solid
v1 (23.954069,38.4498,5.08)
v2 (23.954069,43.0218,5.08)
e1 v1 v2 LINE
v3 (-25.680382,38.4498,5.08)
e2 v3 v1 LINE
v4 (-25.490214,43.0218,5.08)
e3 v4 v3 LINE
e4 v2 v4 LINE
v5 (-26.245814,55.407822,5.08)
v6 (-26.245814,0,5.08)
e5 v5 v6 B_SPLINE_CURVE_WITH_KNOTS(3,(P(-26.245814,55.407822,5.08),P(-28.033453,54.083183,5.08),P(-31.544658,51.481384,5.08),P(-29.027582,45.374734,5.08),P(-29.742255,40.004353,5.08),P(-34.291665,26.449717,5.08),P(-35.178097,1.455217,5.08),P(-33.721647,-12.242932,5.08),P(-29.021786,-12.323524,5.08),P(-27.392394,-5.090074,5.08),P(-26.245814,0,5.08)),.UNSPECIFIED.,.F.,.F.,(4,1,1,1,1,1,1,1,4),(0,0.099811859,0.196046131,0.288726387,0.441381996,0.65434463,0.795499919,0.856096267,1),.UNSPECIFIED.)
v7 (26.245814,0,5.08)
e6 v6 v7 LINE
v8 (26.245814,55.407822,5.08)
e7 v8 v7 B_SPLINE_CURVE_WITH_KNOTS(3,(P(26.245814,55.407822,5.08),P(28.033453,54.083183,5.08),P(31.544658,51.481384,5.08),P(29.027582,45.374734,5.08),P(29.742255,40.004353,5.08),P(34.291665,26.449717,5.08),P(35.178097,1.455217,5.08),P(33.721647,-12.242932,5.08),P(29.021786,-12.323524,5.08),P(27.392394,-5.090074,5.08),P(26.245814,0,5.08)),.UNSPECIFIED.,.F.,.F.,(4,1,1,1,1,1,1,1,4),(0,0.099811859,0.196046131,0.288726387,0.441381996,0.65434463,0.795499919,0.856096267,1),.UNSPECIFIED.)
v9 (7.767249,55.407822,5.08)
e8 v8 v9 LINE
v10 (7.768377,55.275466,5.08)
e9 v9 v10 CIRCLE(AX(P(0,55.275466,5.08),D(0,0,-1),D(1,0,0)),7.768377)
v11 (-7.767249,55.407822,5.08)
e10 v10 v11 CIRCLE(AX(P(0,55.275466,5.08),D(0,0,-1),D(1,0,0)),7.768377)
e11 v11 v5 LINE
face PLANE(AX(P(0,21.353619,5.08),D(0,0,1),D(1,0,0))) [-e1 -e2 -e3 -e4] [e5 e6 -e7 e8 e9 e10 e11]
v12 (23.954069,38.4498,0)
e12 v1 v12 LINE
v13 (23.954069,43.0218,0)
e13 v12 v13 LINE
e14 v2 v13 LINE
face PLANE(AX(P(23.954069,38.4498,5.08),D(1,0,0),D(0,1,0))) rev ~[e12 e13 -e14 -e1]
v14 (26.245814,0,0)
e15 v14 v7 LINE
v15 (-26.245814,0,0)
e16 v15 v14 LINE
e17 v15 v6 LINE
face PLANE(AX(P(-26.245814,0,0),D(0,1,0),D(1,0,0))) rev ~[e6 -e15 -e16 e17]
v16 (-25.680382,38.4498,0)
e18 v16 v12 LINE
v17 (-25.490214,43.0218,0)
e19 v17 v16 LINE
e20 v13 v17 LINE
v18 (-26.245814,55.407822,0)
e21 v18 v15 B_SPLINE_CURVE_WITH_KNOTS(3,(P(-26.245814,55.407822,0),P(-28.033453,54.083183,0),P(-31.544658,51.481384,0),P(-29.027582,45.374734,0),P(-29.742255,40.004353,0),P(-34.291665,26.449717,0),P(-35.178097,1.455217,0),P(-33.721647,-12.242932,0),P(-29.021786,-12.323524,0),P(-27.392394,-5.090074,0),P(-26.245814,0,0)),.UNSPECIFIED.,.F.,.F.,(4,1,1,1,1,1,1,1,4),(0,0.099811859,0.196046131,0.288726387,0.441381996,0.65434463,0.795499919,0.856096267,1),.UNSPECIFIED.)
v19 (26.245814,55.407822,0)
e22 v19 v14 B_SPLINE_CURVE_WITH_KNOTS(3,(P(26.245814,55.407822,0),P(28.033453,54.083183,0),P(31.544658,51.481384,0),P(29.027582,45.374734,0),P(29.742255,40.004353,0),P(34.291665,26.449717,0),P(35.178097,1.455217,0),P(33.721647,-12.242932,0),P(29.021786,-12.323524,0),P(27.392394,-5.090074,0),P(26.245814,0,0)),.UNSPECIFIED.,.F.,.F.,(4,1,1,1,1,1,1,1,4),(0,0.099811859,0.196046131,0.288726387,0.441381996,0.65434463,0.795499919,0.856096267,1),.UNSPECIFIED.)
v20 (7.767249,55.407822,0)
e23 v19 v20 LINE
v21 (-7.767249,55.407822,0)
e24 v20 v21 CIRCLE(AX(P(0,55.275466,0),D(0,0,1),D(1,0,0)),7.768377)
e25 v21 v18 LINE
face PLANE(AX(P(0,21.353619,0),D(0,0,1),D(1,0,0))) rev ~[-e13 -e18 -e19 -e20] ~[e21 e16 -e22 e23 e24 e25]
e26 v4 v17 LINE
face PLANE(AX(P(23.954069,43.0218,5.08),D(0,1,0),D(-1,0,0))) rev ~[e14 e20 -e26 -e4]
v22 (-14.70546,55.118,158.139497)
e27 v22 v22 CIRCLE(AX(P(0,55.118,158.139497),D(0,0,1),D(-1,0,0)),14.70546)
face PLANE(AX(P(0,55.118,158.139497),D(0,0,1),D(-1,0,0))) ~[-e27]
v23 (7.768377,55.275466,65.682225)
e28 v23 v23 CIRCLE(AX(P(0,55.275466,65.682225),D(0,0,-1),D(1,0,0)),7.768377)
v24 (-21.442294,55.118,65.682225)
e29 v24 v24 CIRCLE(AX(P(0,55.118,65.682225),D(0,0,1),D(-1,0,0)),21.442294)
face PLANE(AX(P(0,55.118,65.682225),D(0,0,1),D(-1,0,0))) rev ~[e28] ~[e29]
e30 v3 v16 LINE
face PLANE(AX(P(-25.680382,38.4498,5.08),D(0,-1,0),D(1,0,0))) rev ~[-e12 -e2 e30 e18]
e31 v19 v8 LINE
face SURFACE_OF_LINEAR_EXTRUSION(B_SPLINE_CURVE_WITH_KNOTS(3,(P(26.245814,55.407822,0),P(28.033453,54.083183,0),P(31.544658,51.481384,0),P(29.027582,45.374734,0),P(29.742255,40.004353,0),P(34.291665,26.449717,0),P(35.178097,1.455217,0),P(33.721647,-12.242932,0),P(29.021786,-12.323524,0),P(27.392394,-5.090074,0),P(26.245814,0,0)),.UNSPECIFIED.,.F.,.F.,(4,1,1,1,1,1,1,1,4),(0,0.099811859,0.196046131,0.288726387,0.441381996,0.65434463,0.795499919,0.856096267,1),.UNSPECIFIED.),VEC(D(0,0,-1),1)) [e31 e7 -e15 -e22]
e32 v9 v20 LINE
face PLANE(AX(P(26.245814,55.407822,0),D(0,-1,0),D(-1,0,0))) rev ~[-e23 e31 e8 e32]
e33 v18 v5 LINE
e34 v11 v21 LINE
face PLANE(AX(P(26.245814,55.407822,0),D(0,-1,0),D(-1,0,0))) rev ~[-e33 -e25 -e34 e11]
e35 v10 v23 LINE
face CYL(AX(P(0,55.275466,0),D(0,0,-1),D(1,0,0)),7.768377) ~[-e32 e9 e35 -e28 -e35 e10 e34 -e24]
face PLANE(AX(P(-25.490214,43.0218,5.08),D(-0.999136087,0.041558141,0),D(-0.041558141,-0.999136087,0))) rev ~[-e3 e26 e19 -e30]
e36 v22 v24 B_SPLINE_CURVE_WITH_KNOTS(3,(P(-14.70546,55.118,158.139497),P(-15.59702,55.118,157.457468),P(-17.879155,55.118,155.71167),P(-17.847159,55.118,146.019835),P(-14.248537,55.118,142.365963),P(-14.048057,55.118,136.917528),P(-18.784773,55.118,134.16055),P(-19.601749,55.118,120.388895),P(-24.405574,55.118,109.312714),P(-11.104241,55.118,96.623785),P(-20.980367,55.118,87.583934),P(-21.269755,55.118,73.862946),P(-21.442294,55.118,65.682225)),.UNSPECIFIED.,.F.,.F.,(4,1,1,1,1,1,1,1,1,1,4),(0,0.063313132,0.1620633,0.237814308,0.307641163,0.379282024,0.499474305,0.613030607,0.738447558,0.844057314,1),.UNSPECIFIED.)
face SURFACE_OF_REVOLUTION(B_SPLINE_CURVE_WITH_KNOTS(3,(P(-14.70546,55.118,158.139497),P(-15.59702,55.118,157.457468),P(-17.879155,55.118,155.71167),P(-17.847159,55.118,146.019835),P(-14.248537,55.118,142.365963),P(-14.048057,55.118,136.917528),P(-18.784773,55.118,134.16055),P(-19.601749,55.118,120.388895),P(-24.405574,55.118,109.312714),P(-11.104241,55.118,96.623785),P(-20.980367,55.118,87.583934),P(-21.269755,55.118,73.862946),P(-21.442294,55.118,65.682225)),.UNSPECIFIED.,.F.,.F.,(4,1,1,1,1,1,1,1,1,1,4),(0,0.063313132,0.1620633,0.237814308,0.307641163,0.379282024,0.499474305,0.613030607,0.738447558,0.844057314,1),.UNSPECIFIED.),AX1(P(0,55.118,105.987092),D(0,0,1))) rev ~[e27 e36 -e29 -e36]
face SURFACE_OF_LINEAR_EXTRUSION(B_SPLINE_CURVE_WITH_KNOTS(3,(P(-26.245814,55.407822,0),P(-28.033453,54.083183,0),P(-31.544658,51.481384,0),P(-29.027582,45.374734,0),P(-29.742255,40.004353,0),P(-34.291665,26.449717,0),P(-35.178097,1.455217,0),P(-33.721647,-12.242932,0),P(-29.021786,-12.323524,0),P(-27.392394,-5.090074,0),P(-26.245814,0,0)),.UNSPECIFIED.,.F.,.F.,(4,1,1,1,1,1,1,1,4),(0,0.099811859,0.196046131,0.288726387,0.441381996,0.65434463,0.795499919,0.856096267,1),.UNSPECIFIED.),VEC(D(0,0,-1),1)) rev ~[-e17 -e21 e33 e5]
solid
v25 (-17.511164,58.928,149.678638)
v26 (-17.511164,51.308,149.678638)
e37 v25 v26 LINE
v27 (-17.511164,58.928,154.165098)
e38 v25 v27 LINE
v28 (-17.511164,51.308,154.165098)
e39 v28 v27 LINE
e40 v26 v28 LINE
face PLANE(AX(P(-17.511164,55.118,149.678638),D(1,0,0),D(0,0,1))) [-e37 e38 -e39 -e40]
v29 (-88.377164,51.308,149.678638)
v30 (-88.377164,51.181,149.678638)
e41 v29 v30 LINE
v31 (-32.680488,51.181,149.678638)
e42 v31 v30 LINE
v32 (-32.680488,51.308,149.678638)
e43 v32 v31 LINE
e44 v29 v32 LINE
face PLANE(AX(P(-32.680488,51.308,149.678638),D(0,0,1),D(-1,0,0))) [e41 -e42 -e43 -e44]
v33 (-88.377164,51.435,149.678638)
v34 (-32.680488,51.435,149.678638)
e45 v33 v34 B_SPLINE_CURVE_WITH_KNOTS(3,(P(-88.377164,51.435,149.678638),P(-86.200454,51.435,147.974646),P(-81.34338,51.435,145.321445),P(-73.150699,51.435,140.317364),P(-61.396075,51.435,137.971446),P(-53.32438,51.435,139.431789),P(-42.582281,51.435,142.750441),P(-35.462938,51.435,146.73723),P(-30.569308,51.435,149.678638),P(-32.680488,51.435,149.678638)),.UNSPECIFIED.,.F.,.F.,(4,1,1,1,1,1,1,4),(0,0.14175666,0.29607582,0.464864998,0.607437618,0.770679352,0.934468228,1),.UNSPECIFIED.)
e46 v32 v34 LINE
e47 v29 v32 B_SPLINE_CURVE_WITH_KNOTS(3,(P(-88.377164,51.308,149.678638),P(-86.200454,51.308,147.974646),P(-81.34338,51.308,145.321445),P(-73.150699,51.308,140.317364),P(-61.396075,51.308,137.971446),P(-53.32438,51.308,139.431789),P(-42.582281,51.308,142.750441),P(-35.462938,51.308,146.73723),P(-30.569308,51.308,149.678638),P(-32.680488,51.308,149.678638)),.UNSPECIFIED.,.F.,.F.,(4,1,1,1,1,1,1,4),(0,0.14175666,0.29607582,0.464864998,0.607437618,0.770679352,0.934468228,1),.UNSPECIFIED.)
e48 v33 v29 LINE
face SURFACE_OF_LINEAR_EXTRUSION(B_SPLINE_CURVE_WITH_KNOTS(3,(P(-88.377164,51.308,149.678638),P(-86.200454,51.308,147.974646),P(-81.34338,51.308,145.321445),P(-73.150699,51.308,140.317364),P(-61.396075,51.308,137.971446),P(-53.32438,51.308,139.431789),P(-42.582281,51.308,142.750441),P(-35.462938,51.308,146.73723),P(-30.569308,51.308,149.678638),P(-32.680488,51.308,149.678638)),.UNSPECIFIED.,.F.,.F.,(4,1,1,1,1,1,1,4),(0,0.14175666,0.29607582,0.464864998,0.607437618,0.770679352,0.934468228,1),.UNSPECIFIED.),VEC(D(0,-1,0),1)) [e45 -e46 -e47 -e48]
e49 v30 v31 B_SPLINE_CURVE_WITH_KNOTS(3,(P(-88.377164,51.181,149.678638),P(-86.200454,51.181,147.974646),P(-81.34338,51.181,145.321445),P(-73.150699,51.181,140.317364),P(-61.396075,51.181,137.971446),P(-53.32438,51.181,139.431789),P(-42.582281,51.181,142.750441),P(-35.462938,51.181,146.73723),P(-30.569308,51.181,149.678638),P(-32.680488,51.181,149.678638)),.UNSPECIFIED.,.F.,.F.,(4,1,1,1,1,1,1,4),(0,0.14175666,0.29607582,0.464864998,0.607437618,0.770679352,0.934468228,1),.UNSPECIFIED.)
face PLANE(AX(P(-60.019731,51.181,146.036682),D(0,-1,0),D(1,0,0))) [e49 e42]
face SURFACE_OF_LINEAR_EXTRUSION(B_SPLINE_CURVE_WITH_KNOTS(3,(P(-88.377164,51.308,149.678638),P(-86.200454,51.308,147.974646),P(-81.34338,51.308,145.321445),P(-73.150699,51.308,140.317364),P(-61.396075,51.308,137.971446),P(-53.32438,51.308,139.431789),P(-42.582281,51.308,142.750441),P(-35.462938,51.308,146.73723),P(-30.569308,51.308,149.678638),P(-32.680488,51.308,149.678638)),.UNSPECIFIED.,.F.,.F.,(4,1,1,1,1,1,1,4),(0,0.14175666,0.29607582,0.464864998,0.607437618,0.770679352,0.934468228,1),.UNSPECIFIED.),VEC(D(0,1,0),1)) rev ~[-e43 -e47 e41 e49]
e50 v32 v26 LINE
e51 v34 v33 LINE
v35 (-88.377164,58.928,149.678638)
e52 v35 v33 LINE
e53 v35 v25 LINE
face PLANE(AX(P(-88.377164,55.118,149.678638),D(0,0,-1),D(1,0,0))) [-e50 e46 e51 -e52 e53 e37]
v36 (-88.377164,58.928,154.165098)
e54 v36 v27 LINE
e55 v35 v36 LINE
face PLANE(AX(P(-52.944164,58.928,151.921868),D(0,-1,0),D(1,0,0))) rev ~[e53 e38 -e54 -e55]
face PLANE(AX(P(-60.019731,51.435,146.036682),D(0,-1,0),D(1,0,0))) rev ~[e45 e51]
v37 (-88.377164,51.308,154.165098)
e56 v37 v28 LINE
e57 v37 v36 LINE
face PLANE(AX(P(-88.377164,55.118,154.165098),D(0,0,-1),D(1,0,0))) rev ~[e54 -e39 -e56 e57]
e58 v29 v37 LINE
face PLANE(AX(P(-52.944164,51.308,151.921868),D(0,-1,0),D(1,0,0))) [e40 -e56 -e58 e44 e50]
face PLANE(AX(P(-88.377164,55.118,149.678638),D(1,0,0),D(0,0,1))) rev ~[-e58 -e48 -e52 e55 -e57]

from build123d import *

# Parameters (mm, degrees)
F1_DEPTH  = 5.08
F2_R      = 7.7683770854
F3_DEPTH  = 66.04
F8_DEPTH  = 25.4
F9_W      = 70.866
F9_H      = 4.486459831
F10_DEPTH = 3.81
F12_DEPTH = 0.127


with BuildPart() as f1:
    # F0 (on Top) → F1 (new body)
    with BuildSketch(Plane.XY):
        with BuildLine():
            Line((26.2458138168, 55.4078221321), (0, 55.4078221321))
            Line((0, 55.4078221321), (-26.2458138168, 55.4078221321))
            add(Edge.make_bspline(
                [(-26.2458138168, 55.4078221321), (-28.0334534869, 54.0831828105), (-31.5446579135, 51.4813836185), (-29.0275823385, 45.3747338107), (-29.7422552719, 40.0043525238), (-34.2916647193, 26.4497168855), (-35.1780970644, 1.4552174929), (-33.7216466047, -12.2429321068), (-29.0217860775, -12.323524176), (-27.3923936055, -5.0900738262), (-26.2458138168, 0)],
                knots=[0, 0, 0, 0, 0.0998118591, 0.1960461314, 0.2887263868, 0.4413819961, 0.6543446304, 0.7954999194, 0.856096267, 1, 1, 1, 1], degree=3))
            Line((-26.2458138168, 0), (0, 0))
            Line((0, 0), (26.2458138168, 0))
            add(Edge.make_bspline(
                [(26.2458138168, 55.4078221321), (28.0334534869, 54.0831828105), (31.5446579135, 51.4813836185), (29.0275823385, 45.3747338107), (29.7422552719, 40.0043525238), (34.2916647193, 26.4497168855), (35.1780970644, 1.4552174929), (33.7216466047, -12.2429321068), (29.0217860775, -12.323524176), (27.3923936055, -5.0900738262), (26.2458138168, 0)],
                knots=[0, 0, 0, 0, 0.0998118591, 0.1960461314, 0.2887263868, 0.4413819961, 0.6543446304, 0.7954999194, 0.856096267, 1, 1, 1, 1], degree=3))
        make_face()
    extrude(amount=F1_DEPTH)

    # F2 (on Top) → F3 (join)
    with BuildSketch(Plane.XY):
        with Locations((0, 55.2754662931)):
            Circle(F2_R)
    extrude(amount=F3_DEPTH)

    # F5 (on offset) → F6 (revolve)
    with BuildSketch(Plane.XZ.offset(-55.118)):
        with BuildLine():
            Line((0, 65.6822249293), (0, 158.1394970417))
            Line((0, 158.1394970417), (-14.7054595873, 158.1394970417))
            add(Edge.make_bspline(
                [(-14.7054595873, 158.1394970417), (-15.5970196226, 157.4574676165), (-17.879155353, 155.7116696234), (-17.8471591896, 146.0198353366), (-14.2485373483, 142.3659632124), (-14.0480573764, 136.9175275268), (-18.7847733454, 134.1605501927), (-19.6017488329, 120.3888948779), (-24.4055738958, 109.3127137989), (-11.10424128, 96.6237849552), (-20.9803674161, 87.5839340783), (-21.2697553623, 73.8629463888), (-21.4422941208, 65.6822249293)],
                knots=[0, 0, 0, 0, 0.0633131324, 0.1620633002, 0.2378143082, 0.3076411625, 0.379282024, 0.4994743048, 0.6130306073, 0.7384475581, 0.844057314, 1, 1, 1, 1], degree=3))
            Line((-21.4422941208, 65.6822249293), (0, 65.6822249293))
        make_face()
    revolve(axis=Axis((0, 55.118, 105.9870924801), (0, 0, 1)))

    # F7 (on face) → F8 (cut)
    with BuildSketch(Plane.XY.offset(5.08)):
        Polygon((23.9540691245, 38.4497998192), (23.9540691245, 43.0217998192), (-25.4902135772, 43.0217998192), (-25.6803816874, 38.4497998192), align=None)
    extrude(amount=-F8_DEPTH, mode=Mode.SUBTRACT)


with BuildPart() as f10:
    # F9 (on offset) → F10 (new body, symmetric)
    with BuildSketch(Plane.XZ.offset(-55.118)):
        with Locations((-52.9441637918, 151.9218683243)):
            Rectangle(F9_W, F9_H)
    extrude(amount=F10_DEPTH, both=True)

    # F11 (on face) → F12 (join, symmetric)
    with BuildSketch(Plane.XZ.offset(-51.308)):
        with BuildLine():
            Line((-32.6804876467, 149.6786384088), (-88.3771637918, 149.6786384088))
            add(Edge.make_bspline(
                [(-88.3771637918, 149.6786384088), (-86.2004541422, 147.9746458002), (-81.3433803737, 145.3214447835), (-73.1506992048, 140.3173639508), (-61.3960753808, 137.9714461369), (-53.3243804997, 139.4317885973), (-42.5822807234, 142.7504412242), (-35.4629377918, 146.7372297566), (-30.5693082179, 149.6786384088), (-32.6804876467, 149.6786384088)],
                knots=[0, 0, 0, 0, 0.1417566603, 0.2960758202, 0.4648649976, 0.6074376175, 0.7706793521, 0.934468228, 1, 1, 1, 1], degree=3))
        make_face()
    extrude(amount=F12_DEPTH, both=True)


solid = Compound([f1.part, f10.part])
